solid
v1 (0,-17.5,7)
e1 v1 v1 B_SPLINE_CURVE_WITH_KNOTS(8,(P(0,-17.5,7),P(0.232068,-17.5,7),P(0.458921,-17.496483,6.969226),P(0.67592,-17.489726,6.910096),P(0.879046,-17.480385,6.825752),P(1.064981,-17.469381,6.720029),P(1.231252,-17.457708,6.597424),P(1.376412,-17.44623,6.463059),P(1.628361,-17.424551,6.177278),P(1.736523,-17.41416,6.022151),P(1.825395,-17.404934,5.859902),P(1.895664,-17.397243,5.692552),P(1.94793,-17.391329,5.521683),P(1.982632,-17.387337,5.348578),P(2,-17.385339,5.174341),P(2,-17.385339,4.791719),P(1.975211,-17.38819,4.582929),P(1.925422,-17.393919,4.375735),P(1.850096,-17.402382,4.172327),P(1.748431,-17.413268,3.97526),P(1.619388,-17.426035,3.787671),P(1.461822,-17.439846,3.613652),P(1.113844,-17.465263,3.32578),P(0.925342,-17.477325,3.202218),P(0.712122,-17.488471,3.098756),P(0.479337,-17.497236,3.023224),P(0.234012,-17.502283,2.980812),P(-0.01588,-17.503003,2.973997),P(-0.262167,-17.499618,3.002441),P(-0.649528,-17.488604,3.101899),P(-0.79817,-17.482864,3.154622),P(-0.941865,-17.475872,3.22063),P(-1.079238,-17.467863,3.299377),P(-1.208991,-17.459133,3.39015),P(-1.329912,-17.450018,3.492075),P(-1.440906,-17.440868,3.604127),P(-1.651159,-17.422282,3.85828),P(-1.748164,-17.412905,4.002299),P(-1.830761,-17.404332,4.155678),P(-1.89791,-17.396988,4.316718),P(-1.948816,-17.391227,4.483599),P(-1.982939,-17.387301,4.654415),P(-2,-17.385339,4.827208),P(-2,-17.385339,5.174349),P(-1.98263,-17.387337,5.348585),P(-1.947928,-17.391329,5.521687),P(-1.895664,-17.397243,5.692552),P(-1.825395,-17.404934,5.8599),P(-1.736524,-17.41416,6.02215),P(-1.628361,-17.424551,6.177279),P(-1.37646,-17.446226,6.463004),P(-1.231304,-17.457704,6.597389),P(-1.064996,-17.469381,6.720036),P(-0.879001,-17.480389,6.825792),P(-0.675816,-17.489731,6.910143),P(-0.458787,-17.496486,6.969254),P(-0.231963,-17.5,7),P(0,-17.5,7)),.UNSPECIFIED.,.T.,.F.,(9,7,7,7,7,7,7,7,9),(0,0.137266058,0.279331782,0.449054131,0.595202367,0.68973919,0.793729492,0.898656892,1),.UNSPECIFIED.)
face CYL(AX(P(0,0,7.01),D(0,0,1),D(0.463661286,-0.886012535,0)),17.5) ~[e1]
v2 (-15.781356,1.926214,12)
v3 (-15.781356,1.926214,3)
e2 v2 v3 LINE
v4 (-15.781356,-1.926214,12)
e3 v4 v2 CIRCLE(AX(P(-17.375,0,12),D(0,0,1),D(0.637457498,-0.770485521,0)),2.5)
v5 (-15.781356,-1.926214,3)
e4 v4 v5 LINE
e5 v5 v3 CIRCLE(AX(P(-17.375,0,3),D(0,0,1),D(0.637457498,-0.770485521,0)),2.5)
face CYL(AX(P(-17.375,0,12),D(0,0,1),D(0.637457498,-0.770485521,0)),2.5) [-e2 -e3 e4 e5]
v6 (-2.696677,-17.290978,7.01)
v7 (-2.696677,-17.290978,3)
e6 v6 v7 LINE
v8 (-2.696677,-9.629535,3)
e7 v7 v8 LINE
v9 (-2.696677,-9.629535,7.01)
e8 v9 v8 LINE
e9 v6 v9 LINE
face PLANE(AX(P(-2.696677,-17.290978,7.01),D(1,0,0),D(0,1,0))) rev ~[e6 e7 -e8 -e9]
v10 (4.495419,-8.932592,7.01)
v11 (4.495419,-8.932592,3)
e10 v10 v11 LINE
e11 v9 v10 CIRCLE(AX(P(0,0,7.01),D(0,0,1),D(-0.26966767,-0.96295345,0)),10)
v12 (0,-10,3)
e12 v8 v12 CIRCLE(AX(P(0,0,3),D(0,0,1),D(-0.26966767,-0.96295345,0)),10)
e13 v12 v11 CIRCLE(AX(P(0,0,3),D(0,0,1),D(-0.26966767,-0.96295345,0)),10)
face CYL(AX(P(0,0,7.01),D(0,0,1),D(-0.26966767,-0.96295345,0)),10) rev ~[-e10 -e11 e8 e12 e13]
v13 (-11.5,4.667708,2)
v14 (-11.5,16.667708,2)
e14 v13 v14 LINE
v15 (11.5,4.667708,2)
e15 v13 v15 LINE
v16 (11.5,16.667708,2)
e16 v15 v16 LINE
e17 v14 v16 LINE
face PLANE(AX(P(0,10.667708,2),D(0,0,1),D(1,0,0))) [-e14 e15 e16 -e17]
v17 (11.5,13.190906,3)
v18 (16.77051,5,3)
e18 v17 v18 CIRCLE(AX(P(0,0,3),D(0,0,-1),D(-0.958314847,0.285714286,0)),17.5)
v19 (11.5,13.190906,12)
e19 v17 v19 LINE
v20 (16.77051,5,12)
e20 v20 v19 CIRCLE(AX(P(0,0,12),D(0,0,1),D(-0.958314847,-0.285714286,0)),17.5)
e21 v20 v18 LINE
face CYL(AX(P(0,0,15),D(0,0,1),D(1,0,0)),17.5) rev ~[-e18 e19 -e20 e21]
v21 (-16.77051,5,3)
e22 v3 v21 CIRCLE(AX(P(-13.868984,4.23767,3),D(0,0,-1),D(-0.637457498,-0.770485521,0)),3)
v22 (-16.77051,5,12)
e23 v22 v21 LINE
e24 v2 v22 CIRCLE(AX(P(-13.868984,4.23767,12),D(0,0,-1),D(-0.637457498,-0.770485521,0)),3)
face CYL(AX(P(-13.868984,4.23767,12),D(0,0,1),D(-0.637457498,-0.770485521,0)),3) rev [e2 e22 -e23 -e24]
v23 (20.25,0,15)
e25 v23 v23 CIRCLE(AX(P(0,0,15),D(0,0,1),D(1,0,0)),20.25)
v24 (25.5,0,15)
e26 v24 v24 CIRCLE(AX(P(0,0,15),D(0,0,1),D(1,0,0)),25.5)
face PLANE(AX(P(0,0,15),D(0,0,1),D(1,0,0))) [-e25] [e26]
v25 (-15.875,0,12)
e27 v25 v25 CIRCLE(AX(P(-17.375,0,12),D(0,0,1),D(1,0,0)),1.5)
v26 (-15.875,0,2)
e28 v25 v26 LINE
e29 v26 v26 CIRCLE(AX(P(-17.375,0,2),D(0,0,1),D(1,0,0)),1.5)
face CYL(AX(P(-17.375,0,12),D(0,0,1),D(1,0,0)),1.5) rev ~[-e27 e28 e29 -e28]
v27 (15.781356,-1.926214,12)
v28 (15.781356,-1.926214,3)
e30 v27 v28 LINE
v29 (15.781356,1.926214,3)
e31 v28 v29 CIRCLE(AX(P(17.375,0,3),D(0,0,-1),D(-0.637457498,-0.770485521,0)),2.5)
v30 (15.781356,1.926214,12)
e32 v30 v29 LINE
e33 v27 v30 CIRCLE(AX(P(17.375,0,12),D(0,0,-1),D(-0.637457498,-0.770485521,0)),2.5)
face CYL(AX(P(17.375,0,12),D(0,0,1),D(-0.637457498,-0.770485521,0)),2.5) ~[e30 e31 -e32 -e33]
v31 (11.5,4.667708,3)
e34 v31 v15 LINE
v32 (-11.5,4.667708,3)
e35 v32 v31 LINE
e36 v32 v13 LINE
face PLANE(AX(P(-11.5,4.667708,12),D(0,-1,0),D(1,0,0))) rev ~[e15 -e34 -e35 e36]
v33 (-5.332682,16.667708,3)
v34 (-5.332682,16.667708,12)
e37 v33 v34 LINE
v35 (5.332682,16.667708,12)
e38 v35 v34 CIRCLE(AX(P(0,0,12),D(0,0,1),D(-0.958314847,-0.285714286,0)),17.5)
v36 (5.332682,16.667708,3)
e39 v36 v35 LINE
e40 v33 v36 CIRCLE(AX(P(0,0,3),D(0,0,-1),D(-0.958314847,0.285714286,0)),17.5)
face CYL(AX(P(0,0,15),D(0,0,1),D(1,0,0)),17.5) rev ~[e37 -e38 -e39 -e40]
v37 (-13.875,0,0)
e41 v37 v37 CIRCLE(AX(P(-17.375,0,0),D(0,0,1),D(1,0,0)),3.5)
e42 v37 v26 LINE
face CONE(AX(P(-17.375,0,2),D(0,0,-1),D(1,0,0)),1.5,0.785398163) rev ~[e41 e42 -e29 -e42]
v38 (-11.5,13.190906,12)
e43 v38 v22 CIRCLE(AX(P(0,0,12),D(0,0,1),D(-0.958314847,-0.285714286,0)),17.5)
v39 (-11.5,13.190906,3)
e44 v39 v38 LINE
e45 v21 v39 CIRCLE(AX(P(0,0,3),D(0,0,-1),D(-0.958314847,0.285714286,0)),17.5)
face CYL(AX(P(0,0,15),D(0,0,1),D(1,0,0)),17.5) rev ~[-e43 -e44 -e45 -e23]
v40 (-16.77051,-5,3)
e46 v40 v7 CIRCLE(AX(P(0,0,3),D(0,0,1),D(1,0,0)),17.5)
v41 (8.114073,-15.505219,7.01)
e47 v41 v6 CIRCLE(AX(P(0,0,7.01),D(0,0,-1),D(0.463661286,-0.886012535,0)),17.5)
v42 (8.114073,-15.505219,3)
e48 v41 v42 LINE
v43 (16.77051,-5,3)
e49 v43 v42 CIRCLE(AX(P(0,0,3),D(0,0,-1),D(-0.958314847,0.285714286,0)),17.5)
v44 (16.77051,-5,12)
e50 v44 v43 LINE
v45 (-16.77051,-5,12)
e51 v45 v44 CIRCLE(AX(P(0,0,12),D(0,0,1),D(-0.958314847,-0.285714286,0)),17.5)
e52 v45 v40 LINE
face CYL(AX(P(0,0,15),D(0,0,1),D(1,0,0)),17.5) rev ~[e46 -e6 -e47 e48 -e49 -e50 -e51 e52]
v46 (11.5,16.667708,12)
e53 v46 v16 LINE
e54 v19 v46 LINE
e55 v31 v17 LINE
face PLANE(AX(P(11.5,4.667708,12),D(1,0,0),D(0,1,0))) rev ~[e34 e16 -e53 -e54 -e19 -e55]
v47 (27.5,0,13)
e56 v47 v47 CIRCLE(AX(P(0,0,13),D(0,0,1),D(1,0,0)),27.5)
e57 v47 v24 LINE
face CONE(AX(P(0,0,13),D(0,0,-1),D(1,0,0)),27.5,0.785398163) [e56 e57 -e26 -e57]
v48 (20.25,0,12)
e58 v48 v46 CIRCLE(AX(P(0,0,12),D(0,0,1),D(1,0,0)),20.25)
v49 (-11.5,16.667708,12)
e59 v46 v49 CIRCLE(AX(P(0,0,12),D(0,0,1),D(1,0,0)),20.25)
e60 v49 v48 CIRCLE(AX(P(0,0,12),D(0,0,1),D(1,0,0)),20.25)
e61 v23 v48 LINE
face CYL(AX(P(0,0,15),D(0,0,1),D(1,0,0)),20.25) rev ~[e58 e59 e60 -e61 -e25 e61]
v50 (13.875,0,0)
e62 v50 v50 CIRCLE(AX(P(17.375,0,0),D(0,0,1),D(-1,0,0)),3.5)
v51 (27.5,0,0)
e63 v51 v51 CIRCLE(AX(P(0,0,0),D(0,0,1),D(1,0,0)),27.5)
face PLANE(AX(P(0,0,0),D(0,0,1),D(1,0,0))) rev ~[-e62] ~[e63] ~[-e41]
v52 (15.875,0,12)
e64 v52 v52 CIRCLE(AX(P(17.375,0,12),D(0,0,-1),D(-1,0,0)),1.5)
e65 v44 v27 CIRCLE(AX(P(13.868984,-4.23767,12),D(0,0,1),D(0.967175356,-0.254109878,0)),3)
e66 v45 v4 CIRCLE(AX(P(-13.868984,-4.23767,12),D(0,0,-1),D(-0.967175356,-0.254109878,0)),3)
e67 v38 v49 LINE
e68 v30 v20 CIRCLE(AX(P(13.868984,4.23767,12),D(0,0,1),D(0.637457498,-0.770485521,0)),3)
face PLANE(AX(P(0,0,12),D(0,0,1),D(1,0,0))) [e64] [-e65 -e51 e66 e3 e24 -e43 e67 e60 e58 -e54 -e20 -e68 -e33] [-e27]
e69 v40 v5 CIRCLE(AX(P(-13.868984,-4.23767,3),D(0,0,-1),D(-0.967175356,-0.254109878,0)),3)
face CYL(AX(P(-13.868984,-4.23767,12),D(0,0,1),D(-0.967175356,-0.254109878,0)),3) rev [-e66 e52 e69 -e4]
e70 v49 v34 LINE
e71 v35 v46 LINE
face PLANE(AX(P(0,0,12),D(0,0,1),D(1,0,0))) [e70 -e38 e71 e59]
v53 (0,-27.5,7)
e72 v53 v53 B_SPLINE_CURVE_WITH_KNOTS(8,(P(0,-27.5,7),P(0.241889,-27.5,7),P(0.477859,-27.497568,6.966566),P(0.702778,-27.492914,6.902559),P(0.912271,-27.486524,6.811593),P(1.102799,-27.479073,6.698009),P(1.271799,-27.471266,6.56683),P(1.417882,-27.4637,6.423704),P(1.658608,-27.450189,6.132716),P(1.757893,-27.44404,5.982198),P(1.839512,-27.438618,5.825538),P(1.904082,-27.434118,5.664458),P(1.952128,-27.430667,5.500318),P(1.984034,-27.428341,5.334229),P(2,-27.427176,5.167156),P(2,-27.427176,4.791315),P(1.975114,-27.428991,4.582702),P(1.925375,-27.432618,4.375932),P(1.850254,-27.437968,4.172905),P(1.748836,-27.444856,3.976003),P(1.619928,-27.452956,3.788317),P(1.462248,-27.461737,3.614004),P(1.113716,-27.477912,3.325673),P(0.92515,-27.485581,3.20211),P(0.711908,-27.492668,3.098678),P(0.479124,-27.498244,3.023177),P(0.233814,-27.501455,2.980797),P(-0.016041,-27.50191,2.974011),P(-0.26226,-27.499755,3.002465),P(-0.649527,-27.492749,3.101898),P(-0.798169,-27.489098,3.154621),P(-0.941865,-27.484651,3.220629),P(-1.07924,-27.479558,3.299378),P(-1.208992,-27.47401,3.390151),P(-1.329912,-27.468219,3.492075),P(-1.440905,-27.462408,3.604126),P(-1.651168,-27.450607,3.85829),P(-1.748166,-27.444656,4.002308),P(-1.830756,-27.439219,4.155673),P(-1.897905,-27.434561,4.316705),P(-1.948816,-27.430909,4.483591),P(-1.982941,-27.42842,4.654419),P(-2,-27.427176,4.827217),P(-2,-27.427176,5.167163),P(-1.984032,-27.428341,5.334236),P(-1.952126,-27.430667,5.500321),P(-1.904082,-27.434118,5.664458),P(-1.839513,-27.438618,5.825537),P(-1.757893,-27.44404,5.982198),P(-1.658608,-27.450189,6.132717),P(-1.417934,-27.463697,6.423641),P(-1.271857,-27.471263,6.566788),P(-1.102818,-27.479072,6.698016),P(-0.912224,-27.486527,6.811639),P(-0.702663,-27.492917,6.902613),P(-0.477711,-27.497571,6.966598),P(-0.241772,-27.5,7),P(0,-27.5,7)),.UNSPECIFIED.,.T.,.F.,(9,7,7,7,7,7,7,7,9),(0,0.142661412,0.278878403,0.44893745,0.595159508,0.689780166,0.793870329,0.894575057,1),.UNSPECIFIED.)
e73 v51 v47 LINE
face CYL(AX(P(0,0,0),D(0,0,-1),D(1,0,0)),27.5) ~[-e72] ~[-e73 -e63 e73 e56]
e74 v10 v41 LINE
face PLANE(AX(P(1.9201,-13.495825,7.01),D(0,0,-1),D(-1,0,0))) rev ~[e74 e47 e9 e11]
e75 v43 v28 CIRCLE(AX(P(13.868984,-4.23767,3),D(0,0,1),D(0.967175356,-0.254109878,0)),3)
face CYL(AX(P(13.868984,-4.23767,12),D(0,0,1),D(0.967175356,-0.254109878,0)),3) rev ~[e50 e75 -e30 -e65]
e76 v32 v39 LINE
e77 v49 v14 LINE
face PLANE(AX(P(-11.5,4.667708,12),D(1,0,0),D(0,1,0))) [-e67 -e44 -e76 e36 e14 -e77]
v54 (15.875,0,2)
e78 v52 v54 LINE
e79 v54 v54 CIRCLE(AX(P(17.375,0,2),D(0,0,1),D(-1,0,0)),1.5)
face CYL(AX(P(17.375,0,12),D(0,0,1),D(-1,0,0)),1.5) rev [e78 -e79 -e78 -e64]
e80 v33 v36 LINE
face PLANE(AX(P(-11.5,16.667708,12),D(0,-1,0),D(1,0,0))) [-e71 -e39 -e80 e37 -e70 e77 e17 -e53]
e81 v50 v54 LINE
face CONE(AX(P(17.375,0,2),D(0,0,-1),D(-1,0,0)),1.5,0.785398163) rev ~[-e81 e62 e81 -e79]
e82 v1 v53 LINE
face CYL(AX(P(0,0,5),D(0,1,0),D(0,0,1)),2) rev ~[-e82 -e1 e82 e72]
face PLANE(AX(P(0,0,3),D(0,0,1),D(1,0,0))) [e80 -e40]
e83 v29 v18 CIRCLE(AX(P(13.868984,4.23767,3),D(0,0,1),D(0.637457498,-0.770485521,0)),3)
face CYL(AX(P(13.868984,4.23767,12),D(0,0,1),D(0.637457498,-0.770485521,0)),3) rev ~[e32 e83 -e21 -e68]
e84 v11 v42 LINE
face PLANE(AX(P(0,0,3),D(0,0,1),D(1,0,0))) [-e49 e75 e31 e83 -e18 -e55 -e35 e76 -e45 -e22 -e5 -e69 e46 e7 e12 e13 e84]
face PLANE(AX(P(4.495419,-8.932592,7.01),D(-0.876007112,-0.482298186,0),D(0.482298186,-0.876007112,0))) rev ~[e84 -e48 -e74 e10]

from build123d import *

# Parameters (mm, degrees)
SKETCH1_R                = 27.5
BOSS_EXTRUDE1_DEPTH      = 15
CHAMFER1_SIZE            = 2
SKETCH2_R                = 17.5
CUT_EXTRUDE1_DEPTH       = 12
SKETCH3_R                = 20.25
CUT_EXTRUDE2_DEPTH       = 3
SKETCH4_R                = 2
CUT_EXTRUDE3_DEPTH       = 42.683330001
BOSS_EXTRUDE2_DEPTH      = 9
SKETCH6_R                = 1.5
CUT_EXTRUDE4_DEPTH       = 41.700123015
CHAMFER2_SIZE            = 2
CHAMFER2_OF_MIRROR1_SIZE = 2
BOSS_EXTRUDE8_START      = 4.01
BOSS_EXTRUDE8_DEPTH      = 4.01
SKETCH14_W               = 23
SKETCH14_H               = 12
CUT_EXTRUDE5_DEPTH       = 10


with BuildPart() as part:
    # Sketch1 → Boss-Extrude1 (new body)
    with BuildSketch(Plane.XY):
        Circle(SKETCH1_R)
    extrude(amount=BOSS_EXTRUDE1_DEPTH)

    # Chamfer1
    chamfer1_edges = [part.edges().sort_by_distance(p)[0] for p in [
        (-27.5, 0, 15),
    ]]
    chamfer(chamfer1_edges, length=CHAMFER1_SIZE)

    # Sketch2 → Cut-Extrude1 (cut)
    with BuildSketch(Plane.XY.offset(15)):
        Circle(SKETCH2_R)
    extrude(amount=-CUT_EXTRUDE1_DEPTH, mode=Mode.SUBTRACT)

    # Sketch3 → Cut-Extrude2 (cut)
    with BuildSketch(Plane.XY.offset(15)):
        Circle(SKETCH3_R)
    extrude(amount=-CUT_EXTRUDE2_DEPTH, mode=Mode.SUBTRACT)

    # Sketch4 → Cut-Extrude3 (cut, through all)
    with BuildSketch(Plane(origin=(0, 0, 0), x_dir=(1, 0, 0), z_dir=(0, 1, 0))):
        with Locations(Location((0, -5, 0), (0, 0, 270))):
            Circle(SKETCH4_R)
    extrude(amount=-CUT_EXTRUDE3_DEPTH, mode=Mode.SUBTRACT)

    # Sketch5 → Boss-Extrude2 (add)
    with BuildSketch(Plane.XY.offset(12)):
        with BuildLine():
            ThreePointArc((-15.781356255, -1.926213803), (-14.875, 0), (-15.781356255, 1.926213803))
            ThreePointArc((-15.781356255, 1.926213803), (-16.724757779, 3.318673761), (-16.770509831, 5))
            ThreePointArc((-16.770509831, 5), (-17.5, 0), (-16.770509831, -5))
            ThreePointArc((-16.770509831, -5), (-16.724757779, -3.318673761), (-15.781356255, -1.926213803))
        make_face()
    boss_extrude2 = extrude(amount=-BOSS_EXTRUDE2_DEPTH)

    # Sketch6 → Cut-Extrude4 (cut, through all)
    with BuildSketch(Plane.XY.offset(12)):
        with Locations((-17.375, 0)):
            Circle(SKETCH6_R)
    cut_extrude4 = extrude(amount=-CUT_EXTRUDE4_DEPTH, mode=Mode.SUBTRACT)

    # Chamfer2
    chamfer2_edges = [part.edges().sort_by_distance(p)[0] for p in [
        (-18.875, 0, 0),
    ]]
    chamfer(chamfer2_edges, length=CHAMFER2_SIZE)

    # Mirror1: Boss-Extrude2, Cut-Extrude4 across plane
    add(boss_extrude2.mirror(Plane(origin=(0, 0, 0), x_dir=(0, 0, 1), z_dir=(1, 0, 0))))
    add(cut_extrude4.mirror(Plane(origin=(0, 0, 0), x_dir=(0, 0, 1), z_dir=(1, 0, 0))), mode=Mode.SUBTRACT)

    # Chamfer2 of Mirror1
    chamfer2_of_mirror1_edges = [part.edges().sort_by_distance(p)[0] for p in [
        (18.875, 0, 0),
    ]]
    chamfer(chamfer2_of_mirror1_edges, length=CHAMFER2_OF_MIRROR1_SIZE)

    # Sketch8 → Boss-Extrude8 (add)
    with BuildSketch(Plane.XY.offset(3).offset(BOSS_EXTRUDE8_START)):
        with BuildLine():
            Line((-2.696676707, -17.29097842), (-2.696676707, -9.629534503))
            ThreePointArc((-2.696676707, -9.629534503), (0.96452096, -9.953376277), (4.495419158, -8.932592378))
            Line((4.495419158, -8.932592378), (8.114072505, -15.505219359))
            ThreePointArc((8.114072505, -15.505219359), (2.852065596, -17.266027969), (-2.696676707, -17.29097842))
        make_face()
    extrude(amount=-BOSS_EXTRUDE8_DEPTH)

    # Sketch14 → Cut-Extrude5 (cut)
    with BuildSketch(Plane.XY.offset(12)):
        with Locations((0, 10.667708301)):
            Rectangle(SKETCH14_W, SKETCH14_H)
    extrude(amount=-CUT_EXTRUDE5_DEPTH, mode=Mode.SUBTRACT)


solid = part.part
